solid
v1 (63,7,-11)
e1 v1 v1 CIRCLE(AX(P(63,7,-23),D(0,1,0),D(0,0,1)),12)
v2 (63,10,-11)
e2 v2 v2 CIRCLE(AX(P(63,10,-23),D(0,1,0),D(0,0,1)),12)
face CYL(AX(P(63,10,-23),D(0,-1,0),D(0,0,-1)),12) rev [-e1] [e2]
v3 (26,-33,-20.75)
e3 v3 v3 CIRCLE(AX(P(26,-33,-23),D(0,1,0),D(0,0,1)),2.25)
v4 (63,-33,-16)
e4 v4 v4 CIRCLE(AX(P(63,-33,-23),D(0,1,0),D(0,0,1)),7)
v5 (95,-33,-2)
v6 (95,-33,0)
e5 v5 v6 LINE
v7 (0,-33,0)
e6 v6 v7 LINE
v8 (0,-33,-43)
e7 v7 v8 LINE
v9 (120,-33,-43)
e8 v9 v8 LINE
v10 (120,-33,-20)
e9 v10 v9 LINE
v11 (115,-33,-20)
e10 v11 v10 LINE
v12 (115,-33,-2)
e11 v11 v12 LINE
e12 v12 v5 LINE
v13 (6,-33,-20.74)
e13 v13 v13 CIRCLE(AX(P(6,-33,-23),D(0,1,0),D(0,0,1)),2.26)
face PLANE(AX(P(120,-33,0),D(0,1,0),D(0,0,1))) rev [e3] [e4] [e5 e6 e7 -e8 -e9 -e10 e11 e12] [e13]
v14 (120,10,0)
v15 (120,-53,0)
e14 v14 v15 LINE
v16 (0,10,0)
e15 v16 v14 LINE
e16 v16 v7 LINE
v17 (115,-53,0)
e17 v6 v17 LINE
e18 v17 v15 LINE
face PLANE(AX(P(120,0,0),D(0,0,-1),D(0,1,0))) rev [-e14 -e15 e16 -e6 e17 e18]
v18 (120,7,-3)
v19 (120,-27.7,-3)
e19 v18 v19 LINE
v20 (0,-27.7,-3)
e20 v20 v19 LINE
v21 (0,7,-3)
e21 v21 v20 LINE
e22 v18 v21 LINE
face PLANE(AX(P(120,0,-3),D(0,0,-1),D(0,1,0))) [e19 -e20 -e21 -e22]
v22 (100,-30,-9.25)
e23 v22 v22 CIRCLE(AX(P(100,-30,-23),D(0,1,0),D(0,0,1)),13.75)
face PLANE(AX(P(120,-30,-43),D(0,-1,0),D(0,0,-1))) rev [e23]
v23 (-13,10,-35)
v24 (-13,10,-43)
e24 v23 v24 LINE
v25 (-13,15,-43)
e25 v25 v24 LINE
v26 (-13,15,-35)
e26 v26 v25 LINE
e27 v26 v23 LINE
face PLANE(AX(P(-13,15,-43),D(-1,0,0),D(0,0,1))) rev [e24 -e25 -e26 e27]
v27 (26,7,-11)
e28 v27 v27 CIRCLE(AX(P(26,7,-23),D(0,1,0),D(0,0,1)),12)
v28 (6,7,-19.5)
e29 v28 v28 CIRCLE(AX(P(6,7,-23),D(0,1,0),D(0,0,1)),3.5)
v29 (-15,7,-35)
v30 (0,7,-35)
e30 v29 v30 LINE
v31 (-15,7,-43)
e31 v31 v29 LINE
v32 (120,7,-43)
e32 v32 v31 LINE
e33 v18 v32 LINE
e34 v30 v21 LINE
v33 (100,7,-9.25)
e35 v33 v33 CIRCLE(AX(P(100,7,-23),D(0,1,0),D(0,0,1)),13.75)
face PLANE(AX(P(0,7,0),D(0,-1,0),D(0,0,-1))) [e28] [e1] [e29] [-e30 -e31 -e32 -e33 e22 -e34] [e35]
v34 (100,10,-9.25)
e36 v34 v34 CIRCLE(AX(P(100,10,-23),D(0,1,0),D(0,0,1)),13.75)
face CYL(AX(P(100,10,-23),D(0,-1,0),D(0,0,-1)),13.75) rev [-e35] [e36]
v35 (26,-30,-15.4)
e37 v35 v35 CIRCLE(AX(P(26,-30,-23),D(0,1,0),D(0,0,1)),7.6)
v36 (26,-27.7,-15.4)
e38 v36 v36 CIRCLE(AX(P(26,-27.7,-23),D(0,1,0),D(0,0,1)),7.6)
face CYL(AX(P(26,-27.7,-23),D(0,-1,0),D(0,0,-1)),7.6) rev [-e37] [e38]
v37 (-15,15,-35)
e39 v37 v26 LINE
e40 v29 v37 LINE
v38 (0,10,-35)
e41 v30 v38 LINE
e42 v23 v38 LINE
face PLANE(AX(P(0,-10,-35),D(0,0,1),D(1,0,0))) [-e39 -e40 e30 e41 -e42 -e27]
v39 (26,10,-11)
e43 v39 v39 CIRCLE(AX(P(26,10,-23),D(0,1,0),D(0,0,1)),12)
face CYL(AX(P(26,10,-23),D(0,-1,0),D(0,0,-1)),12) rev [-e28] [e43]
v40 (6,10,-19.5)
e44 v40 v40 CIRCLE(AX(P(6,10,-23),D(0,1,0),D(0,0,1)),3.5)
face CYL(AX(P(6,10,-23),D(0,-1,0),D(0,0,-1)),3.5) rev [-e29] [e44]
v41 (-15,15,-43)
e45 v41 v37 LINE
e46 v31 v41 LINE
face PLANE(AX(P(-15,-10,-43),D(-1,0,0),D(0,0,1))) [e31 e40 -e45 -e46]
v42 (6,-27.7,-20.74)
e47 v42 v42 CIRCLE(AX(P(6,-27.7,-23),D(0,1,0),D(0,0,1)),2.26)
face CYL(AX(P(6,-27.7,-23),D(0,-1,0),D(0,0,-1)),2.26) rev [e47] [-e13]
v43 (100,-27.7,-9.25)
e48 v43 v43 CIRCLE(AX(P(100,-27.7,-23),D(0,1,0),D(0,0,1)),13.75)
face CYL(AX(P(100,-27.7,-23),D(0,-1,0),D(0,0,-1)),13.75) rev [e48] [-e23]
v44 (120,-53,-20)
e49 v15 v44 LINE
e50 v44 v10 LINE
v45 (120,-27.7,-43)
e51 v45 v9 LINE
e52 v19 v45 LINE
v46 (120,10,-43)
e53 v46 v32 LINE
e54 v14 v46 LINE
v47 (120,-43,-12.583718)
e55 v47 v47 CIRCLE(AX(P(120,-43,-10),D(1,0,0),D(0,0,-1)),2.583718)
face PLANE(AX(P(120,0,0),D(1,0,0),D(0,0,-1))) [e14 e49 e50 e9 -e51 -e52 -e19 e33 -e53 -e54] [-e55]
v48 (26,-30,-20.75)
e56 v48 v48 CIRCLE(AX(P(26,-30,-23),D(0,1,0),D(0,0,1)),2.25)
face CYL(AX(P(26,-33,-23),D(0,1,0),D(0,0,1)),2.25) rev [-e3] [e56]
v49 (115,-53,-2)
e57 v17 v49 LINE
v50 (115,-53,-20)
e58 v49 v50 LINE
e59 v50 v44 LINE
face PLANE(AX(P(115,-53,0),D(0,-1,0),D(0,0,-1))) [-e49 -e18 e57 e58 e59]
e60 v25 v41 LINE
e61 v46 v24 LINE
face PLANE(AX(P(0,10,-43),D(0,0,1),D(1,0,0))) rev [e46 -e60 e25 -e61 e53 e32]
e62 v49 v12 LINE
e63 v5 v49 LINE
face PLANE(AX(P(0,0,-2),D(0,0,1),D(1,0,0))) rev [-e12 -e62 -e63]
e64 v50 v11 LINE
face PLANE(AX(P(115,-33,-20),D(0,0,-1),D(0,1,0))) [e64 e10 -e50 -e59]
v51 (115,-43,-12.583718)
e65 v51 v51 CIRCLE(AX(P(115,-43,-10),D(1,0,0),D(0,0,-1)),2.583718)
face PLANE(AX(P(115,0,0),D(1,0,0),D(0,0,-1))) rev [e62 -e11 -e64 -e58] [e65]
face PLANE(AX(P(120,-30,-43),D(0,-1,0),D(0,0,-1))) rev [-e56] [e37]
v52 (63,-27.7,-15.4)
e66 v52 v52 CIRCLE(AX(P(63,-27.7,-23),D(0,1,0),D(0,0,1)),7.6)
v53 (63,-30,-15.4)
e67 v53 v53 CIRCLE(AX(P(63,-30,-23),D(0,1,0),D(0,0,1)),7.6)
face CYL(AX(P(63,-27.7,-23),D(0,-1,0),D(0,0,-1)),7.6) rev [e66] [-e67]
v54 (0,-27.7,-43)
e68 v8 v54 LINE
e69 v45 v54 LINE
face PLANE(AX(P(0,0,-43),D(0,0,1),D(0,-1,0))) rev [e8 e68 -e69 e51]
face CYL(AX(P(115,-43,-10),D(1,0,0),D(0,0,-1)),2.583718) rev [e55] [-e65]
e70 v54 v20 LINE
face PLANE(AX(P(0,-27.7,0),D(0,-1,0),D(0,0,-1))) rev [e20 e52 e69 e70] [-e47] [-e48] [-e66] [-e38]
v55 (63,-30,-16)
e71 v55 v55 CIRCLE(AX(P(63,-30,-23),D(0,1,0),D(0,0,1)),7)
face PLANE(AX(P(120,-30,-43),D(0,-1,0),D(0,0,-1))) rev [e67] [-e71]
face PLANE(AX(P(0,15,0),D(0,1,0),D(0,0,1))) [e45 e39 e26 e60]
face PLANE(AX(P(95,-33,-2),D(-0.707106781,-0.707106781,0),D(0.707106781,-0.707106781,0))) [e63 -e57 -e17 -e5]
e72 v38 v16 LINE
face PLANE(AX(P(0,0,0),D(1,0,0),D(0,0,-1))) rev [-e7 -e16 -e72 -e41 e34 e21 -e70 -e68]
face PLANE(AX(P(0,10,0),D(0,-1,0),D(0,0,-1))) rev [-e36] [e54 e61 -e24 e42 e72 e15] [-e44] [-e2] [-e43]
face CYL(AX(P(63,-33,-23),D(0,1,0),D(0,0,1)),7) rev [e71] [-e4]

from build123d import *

# Parameters (mm, degrees)
SKETCH1_W           = 3
SKETCH1_H           = 40
BOSS_EXTRUDE1_DEPTH = 120
SKETCH9_W           = 120
SKETCH9_H           = 3
BOSS_EXTRUDE2_DEPTH = 40
SKETCH10_W          = 120
SKETCH10_H          = 40
SKETCH10_R          = 13.75
SKETCH10_R_2        = 7.6
SKETCH10_R_3        = 2.26
BOSS_EXTRUDE3_DEPTH = 2.3
SKETCH11_R          = 7
SKETCH11_R_2        = 2.25
SKETCH11_R_3        = 2.26
CUT_EXTRUDE5_DEPTH  = 4
SKETCH12_W          = 120
SKETCH12_H          = 43
SKETCH12_R          = 3.5
SKETCH12_R_2        = 12
SKETCH12_R_3        = 13.75
BOSS_EXTRUDE4_DEPTH = 3
SKETCH13_W          = 20
SKETCH13_H          = 20
SKETCH13_R          = 2.583718127
BOSS_EXTRUDE5_DEPTH = 5
BOSS_EXTRUDE6_DEPTH = 2
SKETCH15_W          = 15
SKETCH15_H          = 8
BOSS_EXTRUDE7_DEPTH = 3
SKETCH16_W          = 2
SKETCH16_H          = 8
BOSS_EXTRUDE8_DEPTH = 5


with BuildPart() as part:
    # Sketch1 → Boss-Extrude1 (new body)
    with BuildSketch(Plane(origin=(0, 0, 0), x_dir=(0, 0, -1), z_dir=(1, 0, 0))):
        with Locations((1.5, -13)):
            Rectangle(SKETCH1_W, SKETCH1_H)
    extrude(amount=BOSS_EXTRUDE1_DEPTH)

    # Sketch9 → Boss-Extrude2 (add)
    with BuildSketch(Plane(origin=(0, 0, -3), x_dir=(-1, 0, 0), z_dir=(0, 0, -1))):
        with Locations((-60, -31.5)):
            Rectangle(SKETCH9_W, SKETCH9_H)
    extrude(amount=BOSS_EXTRUDE2_DEPTH)

    # Sketch10 → Boss-Extrude3 (add)
    with BuildSketch(Plane(origin=(0, -30, 0), x_dir=(1, 0, 0), z_dir=(0, 1, 0))):
        with Locations((60, 23)):
            Rectangle(SKETCH10_W, SKETCH10_H)
        with Locations((100, 23)):
            Circle(SKETCH10_R, mode=Mode.SUBTRACT)
        with Locations((63, 23)):
            Circle(SKETCH10_R_2, mode=Mode.SUBTRACT)
        with Locations((26, 23)):
            Circle(SKETCH10_R_2, mode=Mode.SUBTRACT)
        with Locations((6, 23)):
            Circle(SKETCH10_R_3, mode=Mode.SUBTRACT)
    extrude(amount=BOSS_EXTRUDE3_DEPTH)

    # Sketch11 → Cut-Extrude5 (cut, through all)
    with BuildSketch(Plane(origin=(0, -30, 0), x_dir=(1, 0, 0), z_dir=(0, 1, 0))):
        with Locations((63, 23)):
            Circle(SKETCH11_R)
        with Locations((26, 23)):
            Circle(SKETCH11_R_2)
        with Locations((6, 23)):
            Circle(SKETCH11_R_3)
    extrude(amount=-CUT_EXTRUDE5_DEPTH, mode=Mode.SUBTRACT)

    # Sketch12 → Boss-Extrude4 (add)
    with BuildSketch(Plane(origin=(0, 7, 0), x_dir=(1, 0, 0), z_dir=(0, 1, 0))):
        with Locations((60, 21.5)):
            Rectangle(SKETCH12_W, SKETCH12_H)
        with Locations((6, 23)):
            Circle(SKETCH12_R, mode=Mode.SUBTRACT)
        with Locations((26, 23)):
            Circle(SKETCH12_R_2, mode=Mode.SUBTRACT)
        with Locations((63, 23)):
            Circle(SKETCH12_R_2, mode=Mode.SUBTRACT)
        with Locations((100, 23)):
            Circle(SKETCH12_R_3, mode=Mode.SUBTRACT)
    extrude(amount=BOSS_EXTRUDE4_DEPTH)

    # Sketch13 → Boss-Extrude5 (add)
    with BuildSketch(Plane(origin=(120, 0, 0), x_dir=(0, 0, -1), z_dir=(1, 0, 0))):
        with Locations((10, -43)):
            Rectangle(SKETCH13_W, SKETCH13_H)
        with Locations((10, -43)):
            Circle(SKETCH13_R, mode=Mode.SUBTRACT)
    extrude(amount=-BOSS_EXTRUDE5_DEPTH)

    # Sketch14 → Boss-Extrude6 (add)
    with BuildSketch(Plane.XY):
        Polygon((115, -53), (115, -33), (95, -33), align=None)
    extrude(amount=-BOSS_EXTRUDE6_DEPTH)

    # Sketch15 → Boss-Extrude7 (add)
    with BuildSketch(Plane(origin=(0, 10, 0), x_dir=(1, 0, 0), z_dir=(0, 1, 0))):
        with Locations((-7.5, 39)):
            Rectangle(SKETCH15_W, SKETCH15_H)
    extrude(amount=-BOSS_EXTRUDE7_DEPTH)

    # Sketch16 → Boss-Extrude8 (add)
    with BuildSketch(Plane(origin=(0, 10, 0), x_dir=(1, 0, 0), z_dir=(0, 1, 0))):
        with Locations((-14, 39)):
            Rectangle(SKETCH16_W, SKETCH16_H)
    extrude(amount=BOSS_EXTRUDE8_DEPTH)


solid = part.part
